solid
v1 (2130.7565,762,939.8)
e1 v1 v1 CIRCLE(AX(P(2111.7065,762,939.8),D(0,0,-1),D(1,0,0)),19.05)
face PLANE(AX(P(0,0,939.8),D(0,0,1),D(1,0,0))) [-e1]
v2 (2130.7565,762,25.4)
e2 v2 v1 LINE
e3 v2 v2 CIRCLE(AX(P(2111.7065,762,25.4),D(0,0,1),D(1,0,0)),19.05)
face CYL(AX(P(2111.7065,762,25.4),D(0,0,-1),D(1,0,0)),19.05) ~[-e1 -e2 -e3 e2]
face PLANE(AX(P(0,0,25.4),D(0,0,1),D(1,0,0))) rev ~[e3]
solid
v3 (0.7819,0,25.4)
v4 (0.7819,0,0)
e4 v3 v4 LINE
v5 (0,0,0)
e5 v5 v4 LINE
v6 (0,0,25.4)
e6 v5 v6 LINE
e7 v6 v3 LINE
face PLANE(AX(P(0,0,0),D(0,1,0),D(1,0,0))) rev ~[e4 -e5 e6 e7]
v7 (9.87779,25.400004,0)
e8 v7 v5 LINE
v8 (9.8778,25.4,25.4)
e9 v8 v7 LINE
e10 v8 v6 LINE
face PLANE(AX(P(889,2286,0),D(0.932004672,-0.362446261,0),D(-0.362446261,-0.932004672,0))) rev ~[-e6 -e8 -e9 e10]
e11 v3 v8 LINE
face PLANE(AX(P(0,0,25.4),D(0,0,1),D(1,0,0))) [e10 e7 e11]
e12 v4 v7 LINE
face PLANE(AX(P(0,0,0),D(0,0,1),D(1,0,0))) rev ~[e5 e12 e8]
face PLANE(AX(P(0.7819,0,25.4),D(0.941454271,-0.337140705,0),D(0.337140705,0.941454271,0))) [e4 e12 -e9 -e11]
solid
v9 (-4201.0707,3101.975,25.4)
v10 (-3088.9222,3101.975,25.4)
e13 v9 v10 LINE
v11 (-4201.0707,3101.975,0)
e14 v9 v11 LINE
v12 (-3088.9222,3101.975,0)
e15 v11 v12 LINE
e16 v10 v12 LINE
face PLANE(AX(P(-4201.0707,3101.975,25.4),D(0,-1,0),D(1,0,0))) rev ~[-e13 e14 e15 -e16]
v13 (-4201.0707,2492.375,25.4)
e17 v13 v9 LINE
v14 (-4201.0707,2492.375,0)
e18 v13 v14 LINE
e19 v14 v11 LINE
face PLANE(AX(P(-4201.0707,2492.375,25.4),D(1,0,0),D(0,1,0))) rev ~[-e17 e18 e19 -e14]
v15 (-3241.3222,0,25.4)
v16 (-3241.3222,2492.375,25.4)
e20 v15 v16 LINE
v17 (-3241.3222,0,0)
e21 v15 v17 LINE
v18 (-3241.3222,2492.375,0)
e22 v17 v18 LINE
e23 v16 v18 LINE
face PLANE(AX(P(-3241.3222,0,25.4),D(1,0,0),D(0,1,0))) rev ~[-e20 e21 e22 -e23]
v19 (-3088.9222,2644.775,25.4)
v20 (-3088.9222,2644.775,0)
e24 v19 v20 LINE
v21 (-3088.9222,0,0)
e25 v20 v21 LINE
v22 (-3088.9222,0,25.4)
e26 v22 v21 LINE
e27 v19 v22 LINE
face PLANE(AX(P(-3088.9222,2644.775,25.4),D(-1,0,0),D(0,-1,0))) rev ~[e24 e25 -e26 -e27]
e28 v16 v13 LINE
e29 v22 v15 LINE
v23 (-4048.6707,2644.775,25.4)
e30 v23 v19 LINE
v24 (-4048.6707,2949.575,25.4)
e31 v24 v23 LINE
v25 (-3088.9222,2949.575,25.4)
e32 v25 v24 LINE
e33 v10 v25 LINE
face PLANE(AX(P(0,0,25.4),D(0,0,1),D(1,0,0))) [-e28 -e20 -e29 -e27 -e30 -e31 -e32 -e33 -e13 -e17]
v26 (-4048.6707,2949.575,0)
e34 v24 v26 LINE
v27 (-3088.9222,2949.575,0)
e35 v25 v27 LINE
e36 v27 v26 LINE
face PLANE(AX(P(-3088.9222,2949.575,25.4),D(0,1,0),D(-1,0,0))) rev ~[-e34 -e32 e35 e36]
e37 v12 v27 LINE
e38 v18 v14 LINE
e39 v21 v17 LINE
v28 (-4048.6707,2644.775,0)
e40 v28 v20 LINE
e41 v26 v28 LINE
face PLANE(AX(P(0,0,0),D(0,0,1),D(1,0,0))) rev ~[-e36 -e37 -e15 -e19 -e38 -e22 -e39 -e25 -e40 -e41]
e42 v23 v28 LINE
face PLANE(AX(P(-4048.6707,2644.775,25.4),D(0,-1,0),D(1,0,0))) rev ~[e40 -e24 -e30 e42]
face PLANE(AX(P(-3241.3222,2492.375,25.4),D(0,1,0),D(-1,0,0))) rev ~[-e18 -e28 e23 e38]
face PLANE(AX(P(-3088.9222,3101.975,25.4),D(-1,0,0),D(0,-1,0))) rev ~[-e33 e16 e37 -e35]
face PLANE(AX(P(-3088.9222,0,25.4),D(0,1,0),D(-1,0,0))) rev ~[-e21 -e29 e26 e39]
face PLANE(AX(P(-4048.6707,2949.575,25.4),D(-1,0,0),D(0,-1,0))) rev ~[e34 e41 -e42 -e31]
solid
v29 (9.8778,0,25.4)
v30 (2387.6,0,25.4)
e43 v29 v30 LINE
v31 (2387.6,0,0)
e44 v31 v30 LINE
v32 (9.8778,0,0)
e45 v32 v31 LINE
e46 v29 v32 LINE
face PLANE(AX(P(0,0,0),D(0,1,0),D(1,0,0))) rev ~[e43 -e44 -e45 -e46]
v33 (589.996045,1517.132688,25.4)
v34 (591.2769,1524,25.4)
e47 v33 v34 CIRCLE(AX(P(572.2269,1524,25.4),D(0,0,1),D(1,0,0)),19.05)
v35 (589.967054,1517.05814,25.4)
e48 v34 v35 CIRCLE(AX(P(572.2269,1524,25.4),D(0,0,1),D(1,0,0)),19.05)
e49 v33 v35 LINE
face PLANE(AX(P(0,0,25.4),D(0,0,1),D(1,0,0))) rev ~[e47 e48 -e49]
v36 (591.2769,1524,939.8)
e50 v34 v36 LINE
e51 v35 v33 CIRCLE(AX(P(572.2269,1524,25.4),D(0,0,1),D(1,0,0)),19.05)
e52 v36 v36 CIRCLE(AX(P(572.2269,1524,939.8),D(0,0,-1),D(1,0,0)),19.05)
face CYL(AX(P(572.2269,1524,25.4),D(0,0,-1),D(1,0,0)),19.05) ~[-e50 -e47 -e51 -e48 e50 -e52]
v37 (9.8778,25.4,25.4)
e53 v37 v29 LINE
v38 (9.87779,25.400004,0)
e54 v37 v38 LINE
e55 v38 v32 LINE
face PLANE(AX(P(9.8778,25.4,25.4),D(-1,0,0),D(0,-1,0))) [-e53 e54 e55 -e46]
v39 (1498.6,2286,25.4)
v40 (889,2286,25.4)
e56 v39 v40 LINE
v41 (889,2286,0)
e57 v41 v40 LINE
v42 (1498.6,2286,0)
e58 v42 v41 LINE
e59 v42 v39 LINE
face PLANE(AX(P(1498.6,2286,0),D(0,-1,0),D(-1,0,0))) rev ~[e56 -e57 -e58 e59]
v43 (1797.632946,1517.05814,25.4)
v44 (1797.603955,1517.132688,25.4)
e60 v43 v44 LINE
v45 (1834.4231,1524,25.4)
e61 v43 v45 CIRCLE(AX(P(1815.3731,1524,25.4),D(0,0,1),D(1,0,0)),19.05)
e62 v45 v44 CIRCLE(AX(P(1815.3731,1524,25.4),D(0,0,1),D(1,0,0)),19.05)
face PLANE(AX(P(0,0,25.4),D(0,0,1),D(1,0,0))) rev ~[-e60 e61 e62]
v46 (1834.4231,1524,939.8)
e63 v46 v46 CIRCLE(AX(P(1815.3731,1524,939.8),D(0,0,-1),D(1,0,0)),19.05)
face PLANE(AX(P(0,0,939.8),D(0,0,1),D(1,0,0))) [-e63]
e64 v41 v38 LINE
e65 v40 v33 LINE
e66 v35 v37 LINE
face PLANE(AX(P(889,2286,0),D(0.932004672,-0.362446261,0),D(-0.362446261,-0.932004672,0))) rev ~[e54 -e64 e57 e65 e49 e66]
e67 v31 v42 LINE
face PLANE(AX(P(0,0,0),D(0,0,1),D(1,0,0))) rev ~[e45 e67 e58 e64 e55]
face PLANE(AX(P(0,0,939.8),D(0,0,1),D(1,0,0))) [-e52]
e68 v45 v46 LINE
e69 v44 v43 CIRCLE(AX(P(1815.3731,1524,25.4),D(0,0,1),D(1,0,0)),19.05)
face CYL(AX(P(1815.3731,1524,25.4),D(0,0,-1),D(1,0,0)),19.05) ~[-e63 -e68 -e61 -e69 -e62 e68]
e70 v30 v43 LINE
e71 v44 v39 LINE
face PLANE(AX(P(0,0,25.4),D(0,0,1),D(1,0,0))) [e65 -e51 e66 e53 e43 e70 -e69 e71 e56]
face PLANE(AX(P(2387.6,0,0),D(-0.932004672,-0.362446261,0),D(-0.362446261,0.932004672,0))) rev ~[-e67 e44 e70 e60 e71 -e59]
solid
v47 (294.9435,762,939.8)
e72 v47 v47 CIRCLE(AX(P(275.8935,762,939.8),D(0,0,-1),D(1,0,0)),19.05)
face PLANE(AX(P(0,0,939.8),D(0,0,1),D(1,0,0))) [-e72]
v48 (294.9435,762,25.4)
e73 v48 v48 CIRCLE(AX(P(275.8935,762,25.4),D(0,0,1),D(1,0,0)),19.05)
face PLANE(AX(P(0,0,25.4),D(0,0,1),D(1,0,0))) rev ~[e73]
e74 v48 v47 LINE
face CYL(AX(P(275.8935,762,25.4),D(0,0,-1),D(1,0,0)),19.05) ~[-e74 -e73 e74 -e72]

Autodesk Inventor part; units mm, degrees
ref_plane "YZ Plane" through (0, 0, 0) normal (1, 0, 0) x (0, 1, 0)
ref_plane "XZ Plane" through (0, 0, 0) normal (0, 1, 0) x (-1, 0, 0)
ref_plane "XY Plane" through (0, 0, 0) normal (0, 0, 1) x (1, 0, 0)
sketch "Sketch1" plane through (0, 0, 0) normal (0, 0, 1) x (1, 0, 0)
  line L0 (0, 0) -> (2387.6, 0)
  line L1 (2387.6, 0) -> (1498.6, 2286)
  line L2 (1498.6, 2286) -> (889, 2286)
  line L3 (889, 2286) -> (0, 0)
  dimension "d0" = 609.6
  dimension "d1" = 2387.6
  dimension "d2" = 2286
extrude "Extrusion1" add sketch "Sketch1" along normal blind 25.4
sketch "Sketch2" plane through (0, 0, 25.4) normal (0, 0, 1) x (1, 0, 0)
  line L0 (0, 0) -> (889, 2286) projected
  circle A0 centre (572.2269, 1524) radius 19.05
  circle A1 centre (275.8935, 762) radius 19.05
  line L1 (1498.6, 2286) -> (2387.6, 0) projected
  circle A2 centre (1815.3731, 1524) radius 19.05
  circle A3 centre (2111.7065, 762) radius 19.05
  line L2 (572.2269, 1524) -> (1815.3731, 1524) construction
  line L3 (275.8935, 762) -> (2111.7065, 762) construction
  dimension "d5" = 38.1
  dimension "d6" = 762
  dimension "d7" = 1524
extrude "Extrusion2" add sketch "Sketch2" along normal blind 914.4
sketch "Sketch3" plane through (0, 0, 25.4) normal (0, 0, 1) x (1, 0, 0)
  line L0 (0, 0) -> (293.6482, 755.0954) projected
  line L1 (2387.6, 0) -> (0, 0) projected
  line L2 (0, 0) -> (0.7819, 2.0105)
  line L3 (0.7819, 0) -> (0.7819, 2.0105)
  line L4 (0.7819, 0) -> (0, 0)
  line L5 (0.7819, 0) -> (9.8778, 25.4)
  line L6 (9.8778, 25.4) -> (9.8778, 0)
  line L7 (9.8778, 0) -> (0.7819, 0)
  dimension "d10" = 25.4
extrude "Extrusion3" cut sketch "Sketch3" against normal through all contours L5 L6 L1
sketch "Sketch4" plane through (0, 0, 25.4) normal (0, 0, 1) x (1, 0, 0)
  line L0 (-3241.3222, 0) -> (-3241.3222, 2492.375)
  line L1 (-3241.3222, 2492.375) -> (-4201.0707, 2492.375)
  line L2 (-4201.0707, 2492.375) -> (-4201.0707, 3101.975)
  line L3 (-4201.0707, 3101.975) -> (-3088.9222, 3101.975)
  line L4 (-3088.9222, 3101.975) -> (-3088.9222, 2949.575)
  line L5 (-3088.9222, 2949.575) -> (-4048.6707, 2949.575)
  line L6 (-4048.6707, 2949.575) -> (-4048.6707, 2644.775)
  line L7 (-4048.6707, 2644.775) -> (-3088.9222, 2644.775)
  line L8 (-3088.9222, 2644.775) -> (-3088.9222, 0)
  line L9 (-3088.9222, 0) -> (-3241.3222, 0)
  line L10 (-3088.9222, 0) -> (0, 0) construction
  point P0 (9.8778, 0)
  dimension "d13" = 152.4
  dimension "d14" = 152.4
  dimension "d15" = 152.4
  dimension "d16" = 304.8
  dimension "d17" = 2644.775
  dimension "d18" = 3098.8
extrude "Extrusion4" add sketch "Sketch4" against normal blind 25.4
properties part number "PyramidMockup"
